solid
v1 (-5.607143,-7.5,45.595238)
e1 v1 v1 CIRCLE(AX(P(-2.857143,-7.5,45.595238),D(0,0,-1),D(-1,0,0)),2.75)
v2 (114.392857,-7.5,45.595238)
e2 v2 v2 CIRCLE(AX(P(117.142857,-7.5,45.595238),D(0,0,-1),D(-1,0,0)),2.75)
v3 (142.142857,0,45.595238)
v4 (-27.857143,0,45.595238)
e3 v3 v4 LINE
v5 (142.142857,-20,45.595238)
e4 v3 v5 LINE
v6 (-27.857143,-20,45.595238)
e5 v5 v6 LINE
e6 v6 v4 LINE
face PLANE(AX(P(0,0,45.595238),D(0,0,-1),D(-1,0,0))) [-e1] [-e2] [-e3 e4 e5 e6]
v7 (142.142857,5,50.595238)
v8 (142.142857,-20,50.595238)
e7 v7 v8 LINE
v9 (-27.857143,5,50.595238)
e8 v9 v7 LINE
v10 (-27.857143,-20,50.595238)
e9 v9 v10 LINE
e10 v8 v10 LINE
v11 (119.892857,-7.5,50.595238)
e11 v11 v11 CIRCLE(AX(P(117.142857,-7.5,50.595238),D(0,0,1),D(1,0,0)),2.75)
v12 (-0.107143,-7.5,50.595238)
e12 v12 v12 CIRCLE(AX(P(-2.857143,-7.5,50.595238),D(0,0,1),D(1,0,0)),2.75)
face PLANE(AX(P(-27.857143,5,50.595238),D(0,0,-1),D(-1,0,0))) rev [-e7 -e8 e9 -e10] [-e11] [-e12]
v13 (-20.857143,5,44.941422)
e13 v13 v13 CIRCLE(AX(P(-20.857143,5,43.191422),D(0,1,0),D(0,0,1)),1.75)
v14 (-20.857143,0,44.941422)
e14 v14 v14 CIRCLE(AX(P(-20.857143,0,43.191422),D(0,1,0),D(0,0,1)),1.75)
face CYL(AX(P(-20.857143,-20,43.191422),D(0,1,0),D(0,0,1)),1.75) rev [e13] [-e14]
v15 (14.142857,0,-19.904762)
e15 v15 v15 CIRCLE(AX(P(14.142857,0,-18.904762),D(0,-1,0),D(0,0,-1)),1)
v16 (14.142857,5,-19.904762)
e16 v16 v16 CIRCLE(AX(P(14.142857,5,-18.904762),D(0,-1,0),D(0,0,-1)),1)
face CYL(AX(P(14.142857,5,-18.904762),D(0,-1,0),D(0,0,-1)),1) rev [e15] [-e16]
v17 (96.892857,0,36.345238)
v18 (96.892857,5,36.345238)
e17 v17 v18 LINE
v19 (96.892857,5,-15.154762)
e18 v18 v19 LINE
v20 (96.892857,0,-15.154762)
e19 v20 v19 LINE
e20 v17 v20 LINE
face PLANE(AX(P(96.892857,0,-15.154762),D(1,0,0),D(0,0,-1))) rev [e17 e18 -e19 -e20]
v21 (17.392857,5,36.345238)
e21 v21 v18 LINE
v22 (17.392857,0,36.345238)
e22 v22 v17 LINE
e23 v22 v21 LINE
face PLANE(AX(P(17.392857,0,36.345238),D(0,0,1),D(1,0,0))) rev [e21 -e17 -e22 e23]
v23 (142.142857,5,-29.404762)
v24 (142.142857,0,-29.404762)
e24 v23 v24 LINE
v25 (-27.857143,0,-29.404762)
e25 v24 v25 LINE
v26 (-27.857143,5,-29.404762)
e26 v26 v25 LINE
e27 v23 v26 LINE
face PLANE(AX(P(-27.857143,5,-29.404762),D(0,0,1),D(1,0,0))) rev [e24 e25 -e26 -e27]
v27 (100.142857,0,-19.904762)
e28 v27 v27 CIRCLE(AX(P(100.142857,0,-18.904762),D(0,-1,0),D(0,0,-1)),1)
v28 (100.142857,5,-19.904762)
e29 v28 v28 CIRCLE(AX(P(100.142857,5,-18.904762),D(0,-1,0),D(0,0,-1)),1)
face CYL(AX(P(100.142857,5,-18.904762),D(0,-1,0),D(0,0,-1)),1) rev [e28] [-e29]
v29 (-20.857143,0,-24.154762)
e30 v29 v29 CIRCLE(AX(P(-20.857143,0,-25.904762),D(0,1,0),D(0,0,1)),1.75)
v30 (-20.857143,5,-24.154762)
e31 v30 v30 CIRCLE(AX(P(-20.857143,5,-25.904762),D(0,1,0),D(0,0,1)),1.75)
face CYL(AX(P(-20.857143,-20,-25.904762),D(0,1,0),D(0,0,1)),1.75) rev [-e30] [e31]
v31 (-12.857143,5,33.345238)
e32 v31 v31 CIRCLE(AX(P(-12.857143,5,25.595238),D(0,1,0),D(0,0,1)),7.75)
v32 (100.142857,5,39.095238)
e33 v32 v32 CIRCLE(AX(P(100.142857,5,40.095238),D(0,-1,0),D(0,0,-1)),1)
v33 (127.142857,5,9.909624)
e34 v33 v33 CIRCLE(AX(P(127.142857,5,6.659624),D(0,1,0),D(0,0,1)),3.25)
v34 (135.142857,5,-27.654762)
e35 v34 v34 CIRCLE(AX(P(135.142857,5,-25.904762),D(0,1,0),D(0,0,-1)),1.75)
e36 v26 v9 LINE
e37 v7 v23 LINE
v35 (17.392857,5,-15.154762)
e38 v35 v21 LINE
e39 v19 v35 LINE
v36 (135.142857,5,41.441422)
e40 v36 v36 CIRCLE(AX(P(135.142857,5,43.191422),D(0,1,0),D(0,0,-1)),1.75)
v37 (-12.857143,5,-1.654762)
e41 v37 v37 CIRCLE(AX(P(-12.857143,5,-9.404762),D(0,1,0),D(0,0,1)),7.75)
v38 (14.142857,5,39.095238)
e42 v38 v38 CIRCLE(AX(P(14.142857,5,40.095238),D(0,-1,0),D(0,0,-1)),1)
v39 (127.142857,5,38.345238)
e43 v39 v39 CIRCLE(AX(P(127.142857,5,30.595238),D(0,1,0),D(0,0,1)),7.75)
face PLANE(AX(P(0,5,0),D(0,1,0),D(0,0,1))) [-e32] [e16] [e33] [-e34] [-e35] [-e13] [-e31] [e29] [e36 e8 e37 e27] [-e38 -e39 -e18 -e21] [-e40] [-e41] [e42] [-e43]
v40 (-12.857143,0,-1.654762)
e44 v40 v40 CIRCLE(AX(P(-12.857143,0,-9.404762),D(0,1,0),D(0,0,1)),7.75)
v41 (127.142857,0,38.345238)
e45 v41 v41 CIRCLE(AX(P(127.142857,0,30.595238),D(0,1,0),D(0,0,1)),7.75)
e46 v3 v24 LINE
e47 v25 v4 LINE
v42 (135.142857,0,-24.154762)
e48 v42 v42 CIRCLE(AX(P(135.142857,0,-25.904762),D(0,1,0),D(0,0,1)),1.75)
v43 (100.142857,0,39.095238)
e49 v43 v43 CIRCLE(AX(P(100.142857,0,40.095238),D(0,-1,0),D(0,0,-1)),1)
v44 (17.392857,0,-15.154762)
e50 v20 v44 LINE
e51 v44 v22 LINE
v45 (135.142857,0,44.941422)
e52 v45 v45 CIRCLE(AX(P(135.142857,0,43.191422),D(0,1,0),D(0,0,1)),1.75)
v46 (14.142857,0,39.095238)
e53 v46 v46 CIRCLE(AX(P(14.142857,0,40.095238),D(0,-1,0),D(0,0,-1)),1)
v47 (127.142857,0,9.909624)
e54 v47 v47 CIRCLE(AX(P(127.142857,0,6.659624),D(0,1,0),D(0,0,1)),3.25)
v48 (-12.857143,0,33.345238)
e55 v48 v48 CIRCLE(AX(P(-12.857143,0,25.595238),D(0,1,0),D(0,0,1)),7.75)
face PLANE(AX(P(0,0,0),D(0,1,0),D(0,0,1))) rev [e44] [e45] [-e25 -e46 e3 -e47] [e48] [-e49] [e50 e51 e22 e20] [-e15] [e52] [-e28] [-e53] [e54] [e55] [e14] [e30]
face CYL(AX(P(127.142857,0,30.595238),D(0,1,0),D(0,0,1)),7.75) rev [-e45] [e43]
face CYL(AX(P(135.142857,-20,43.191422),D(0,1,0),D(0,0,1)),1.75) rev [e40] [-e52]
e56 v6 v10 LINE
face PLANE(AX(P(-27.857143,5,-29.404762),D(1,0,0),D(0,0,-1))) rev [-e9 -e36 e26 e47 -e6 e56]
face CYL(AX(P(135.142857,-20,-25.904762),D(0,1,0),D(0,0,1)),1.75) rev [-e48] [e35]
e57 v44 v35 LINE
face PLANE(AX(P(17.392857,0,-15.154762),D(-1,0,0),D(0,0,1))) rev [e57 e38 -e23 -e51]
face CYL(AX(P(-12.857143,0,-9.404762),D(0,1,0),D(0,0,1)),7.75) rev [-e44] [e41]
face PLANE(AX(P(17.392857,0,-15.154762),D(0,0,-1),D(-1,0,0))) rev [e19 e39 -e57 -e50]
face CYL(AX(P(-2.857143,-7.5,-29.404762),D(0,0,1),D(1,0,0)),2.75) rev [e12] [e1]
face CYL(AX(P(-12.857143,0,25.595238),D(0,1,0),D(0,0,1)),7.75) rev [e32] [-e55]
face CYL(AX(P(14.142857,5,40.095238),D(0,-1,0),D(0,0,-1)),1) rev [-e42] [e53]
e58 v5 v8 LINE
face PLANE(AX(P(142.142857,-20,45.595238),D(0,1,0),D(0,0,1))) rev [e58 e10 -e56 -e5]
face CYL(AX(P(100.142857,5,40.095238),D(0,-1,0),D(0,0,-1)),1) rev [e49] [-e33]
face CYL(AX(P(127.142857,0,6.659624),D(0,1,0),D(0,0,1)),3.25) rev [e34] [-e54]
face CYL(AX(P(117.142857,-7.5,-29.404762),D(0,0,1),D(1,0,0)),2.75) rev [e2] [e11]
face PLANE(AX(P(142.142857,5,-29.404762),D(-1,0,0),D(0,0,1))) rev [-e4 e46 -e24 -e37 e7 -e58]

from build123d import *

# Parameters (mm, degrees)
SKETCH_1_W          = 170
SKETCH_1_H          = 80
EXTRUDE_1_DEPTH     = 5
SKETCH_2_R          = 7.75
SKETCH_2_R_2        = 3.25
SKETCH_2_W          = 79.5
SKETCH_2_H          = 51.5
CUT_EXTRUDE_1_DEPTH = 151.961816214
SKETCH_5_W          = 170
SKETCH_5_H          = 25
EXTRUDE_3_DEPTH     = 5
SKETCH_7_R          = 2.75
CUT_EXTRUDE_4_DEPTH = 165.330739172
SKETCH_9_R          = 1
CUT_EXTRUDE_5_DEPTH = 153.19878434
SKETCH_10_R         = 1.75
CUT_EXTRUDE_6_DEPTH = 153.936163005


with BuildPart() as part:
    # 草图1 → 凸台-拉伸1 (new body)
    with BuildSketch(Plane(origin=(0, 0, 0), x_dir=(1, 0, 0), z_dir=(0, 1, 0))):
        with Locations((57.142857143, -10.595238095)):
            Rectangle(SKETCH_1_W, SKETCH_1_H)
    extrude(amount=EXTRUDE_1_DEPTH)

    # 草图2 → 切除-拉伸1 (cut, through all)
    with BuildSketch(Plane(origin=(0, 5, 0), x_dir=(1, 0, 0), z_dir=(0, 1, 0))):
        with Locations(Location((-12.857142857, 9.404761905, 0), (0, 0, 270))):
            Circle(SKETCH_2_R)
        with Locations(Location((-12.857142857, -25.595238095, 0), (0, 0, 270))):
            Circle(SKETCH_2_R)
        with Locations(Location((127.142857143, -6.659623692, 0), (0, 0, 270))):
            Circle(SKETCH_2_R_2)
        with Locations(Location((127.142857143, -30.595238095, 0), (0, 0, 270))):
            Circle(SKETCH_2_R)
        with Locations((57.142857143, -10.595238095)):
            Rectangle(SKETCH_2_W, SKETCH_2_H)
    extrude(amount=-CUT_EXTRUDE_1_DEPTH, mode=Mode.SUBTRACT)

    # 草图5 → 凸台-拉伸3 (add)
    with BuildSketch(Plane(origin=(0, 0, 50.595238095), x_dir=(-1, 0, 0), z_dir=(0, 0, -1))):
        with Locations((-57.142857143, -7.5)):
            Rectangle(SKETCH_5_W, SKETCH_5_H)
    extrude(amount=EXTRUDE_3_DEPTH)

    # 草图7 → 切除-拉伸4 (cut, through all)
    with BuildSketch(Plane.XY.offset(50.595238095)):
        with Locations((-2.857142857, -7.5)):
            Circle(SKETCH_7_R)
        with Locations((117.142857143, -7.5)):
            Circle(SKETCH_7_R)
    extrude(amount=-CUT_EXTRUDE_4_DEPTH, mode=Mode.SUBTRACT)

    # 草图9 → 切除-拉伸5 (cut, through all)
    with BuildSketch(Plane.XZ):
        with Locations(Location((14.142857143, -18.904761905, 0), (0, 0, 270))):
            Circle(SKETCH_9_R)
        with Locations(Location((100.142857143, -18.904761905, 0), (0, 0, 270))):
            Circle(SKETCH_9_R)
        with Locations(Location((100.142857143, 40.095238095, 0), (0, 0, 270))):
            Circle(SKETCH_9_R)
        with Locations(Location((14.142857143, 40.095238095, 0), (0, 0, 270))):
            Circle(SKETCH_9_R)
    extrude(amount=-CUT_EXTRUDE_5_DEPTH, mode=Mode.SUBTRACT)

    # 草图10 → 切除-拉伸6 (cut, through all)
    with BuildSketch(Plane(origin=(0, 5, 0), x_dir=(1, 0, 0), z_dir=(0, 1, 0))):
        with Locations(Location((-20.857142857, 25.904761905, 0), (0, 0, 270))):
            Circle(SKETCH_10_R)
        with Locations(Location((-20.857142857, -43.191421848, 0), (0, 0, 270))):
            Circle(SKETCH_10_R)
        with Locations(Location((135.142857143, -43.191421848, 0), (0, 0, 270))):
            Circle(SKETCH_10_R)
        with Locations(Location((135.142857143, 25.904761905, 0), (0, 0, 270))):
            Circle(SKETCH_10_R)
    extrude(amount=-CUT_EXTRUDE_6_DEPTH, mode=Mode.SUBTRACT)


solid = part.part
